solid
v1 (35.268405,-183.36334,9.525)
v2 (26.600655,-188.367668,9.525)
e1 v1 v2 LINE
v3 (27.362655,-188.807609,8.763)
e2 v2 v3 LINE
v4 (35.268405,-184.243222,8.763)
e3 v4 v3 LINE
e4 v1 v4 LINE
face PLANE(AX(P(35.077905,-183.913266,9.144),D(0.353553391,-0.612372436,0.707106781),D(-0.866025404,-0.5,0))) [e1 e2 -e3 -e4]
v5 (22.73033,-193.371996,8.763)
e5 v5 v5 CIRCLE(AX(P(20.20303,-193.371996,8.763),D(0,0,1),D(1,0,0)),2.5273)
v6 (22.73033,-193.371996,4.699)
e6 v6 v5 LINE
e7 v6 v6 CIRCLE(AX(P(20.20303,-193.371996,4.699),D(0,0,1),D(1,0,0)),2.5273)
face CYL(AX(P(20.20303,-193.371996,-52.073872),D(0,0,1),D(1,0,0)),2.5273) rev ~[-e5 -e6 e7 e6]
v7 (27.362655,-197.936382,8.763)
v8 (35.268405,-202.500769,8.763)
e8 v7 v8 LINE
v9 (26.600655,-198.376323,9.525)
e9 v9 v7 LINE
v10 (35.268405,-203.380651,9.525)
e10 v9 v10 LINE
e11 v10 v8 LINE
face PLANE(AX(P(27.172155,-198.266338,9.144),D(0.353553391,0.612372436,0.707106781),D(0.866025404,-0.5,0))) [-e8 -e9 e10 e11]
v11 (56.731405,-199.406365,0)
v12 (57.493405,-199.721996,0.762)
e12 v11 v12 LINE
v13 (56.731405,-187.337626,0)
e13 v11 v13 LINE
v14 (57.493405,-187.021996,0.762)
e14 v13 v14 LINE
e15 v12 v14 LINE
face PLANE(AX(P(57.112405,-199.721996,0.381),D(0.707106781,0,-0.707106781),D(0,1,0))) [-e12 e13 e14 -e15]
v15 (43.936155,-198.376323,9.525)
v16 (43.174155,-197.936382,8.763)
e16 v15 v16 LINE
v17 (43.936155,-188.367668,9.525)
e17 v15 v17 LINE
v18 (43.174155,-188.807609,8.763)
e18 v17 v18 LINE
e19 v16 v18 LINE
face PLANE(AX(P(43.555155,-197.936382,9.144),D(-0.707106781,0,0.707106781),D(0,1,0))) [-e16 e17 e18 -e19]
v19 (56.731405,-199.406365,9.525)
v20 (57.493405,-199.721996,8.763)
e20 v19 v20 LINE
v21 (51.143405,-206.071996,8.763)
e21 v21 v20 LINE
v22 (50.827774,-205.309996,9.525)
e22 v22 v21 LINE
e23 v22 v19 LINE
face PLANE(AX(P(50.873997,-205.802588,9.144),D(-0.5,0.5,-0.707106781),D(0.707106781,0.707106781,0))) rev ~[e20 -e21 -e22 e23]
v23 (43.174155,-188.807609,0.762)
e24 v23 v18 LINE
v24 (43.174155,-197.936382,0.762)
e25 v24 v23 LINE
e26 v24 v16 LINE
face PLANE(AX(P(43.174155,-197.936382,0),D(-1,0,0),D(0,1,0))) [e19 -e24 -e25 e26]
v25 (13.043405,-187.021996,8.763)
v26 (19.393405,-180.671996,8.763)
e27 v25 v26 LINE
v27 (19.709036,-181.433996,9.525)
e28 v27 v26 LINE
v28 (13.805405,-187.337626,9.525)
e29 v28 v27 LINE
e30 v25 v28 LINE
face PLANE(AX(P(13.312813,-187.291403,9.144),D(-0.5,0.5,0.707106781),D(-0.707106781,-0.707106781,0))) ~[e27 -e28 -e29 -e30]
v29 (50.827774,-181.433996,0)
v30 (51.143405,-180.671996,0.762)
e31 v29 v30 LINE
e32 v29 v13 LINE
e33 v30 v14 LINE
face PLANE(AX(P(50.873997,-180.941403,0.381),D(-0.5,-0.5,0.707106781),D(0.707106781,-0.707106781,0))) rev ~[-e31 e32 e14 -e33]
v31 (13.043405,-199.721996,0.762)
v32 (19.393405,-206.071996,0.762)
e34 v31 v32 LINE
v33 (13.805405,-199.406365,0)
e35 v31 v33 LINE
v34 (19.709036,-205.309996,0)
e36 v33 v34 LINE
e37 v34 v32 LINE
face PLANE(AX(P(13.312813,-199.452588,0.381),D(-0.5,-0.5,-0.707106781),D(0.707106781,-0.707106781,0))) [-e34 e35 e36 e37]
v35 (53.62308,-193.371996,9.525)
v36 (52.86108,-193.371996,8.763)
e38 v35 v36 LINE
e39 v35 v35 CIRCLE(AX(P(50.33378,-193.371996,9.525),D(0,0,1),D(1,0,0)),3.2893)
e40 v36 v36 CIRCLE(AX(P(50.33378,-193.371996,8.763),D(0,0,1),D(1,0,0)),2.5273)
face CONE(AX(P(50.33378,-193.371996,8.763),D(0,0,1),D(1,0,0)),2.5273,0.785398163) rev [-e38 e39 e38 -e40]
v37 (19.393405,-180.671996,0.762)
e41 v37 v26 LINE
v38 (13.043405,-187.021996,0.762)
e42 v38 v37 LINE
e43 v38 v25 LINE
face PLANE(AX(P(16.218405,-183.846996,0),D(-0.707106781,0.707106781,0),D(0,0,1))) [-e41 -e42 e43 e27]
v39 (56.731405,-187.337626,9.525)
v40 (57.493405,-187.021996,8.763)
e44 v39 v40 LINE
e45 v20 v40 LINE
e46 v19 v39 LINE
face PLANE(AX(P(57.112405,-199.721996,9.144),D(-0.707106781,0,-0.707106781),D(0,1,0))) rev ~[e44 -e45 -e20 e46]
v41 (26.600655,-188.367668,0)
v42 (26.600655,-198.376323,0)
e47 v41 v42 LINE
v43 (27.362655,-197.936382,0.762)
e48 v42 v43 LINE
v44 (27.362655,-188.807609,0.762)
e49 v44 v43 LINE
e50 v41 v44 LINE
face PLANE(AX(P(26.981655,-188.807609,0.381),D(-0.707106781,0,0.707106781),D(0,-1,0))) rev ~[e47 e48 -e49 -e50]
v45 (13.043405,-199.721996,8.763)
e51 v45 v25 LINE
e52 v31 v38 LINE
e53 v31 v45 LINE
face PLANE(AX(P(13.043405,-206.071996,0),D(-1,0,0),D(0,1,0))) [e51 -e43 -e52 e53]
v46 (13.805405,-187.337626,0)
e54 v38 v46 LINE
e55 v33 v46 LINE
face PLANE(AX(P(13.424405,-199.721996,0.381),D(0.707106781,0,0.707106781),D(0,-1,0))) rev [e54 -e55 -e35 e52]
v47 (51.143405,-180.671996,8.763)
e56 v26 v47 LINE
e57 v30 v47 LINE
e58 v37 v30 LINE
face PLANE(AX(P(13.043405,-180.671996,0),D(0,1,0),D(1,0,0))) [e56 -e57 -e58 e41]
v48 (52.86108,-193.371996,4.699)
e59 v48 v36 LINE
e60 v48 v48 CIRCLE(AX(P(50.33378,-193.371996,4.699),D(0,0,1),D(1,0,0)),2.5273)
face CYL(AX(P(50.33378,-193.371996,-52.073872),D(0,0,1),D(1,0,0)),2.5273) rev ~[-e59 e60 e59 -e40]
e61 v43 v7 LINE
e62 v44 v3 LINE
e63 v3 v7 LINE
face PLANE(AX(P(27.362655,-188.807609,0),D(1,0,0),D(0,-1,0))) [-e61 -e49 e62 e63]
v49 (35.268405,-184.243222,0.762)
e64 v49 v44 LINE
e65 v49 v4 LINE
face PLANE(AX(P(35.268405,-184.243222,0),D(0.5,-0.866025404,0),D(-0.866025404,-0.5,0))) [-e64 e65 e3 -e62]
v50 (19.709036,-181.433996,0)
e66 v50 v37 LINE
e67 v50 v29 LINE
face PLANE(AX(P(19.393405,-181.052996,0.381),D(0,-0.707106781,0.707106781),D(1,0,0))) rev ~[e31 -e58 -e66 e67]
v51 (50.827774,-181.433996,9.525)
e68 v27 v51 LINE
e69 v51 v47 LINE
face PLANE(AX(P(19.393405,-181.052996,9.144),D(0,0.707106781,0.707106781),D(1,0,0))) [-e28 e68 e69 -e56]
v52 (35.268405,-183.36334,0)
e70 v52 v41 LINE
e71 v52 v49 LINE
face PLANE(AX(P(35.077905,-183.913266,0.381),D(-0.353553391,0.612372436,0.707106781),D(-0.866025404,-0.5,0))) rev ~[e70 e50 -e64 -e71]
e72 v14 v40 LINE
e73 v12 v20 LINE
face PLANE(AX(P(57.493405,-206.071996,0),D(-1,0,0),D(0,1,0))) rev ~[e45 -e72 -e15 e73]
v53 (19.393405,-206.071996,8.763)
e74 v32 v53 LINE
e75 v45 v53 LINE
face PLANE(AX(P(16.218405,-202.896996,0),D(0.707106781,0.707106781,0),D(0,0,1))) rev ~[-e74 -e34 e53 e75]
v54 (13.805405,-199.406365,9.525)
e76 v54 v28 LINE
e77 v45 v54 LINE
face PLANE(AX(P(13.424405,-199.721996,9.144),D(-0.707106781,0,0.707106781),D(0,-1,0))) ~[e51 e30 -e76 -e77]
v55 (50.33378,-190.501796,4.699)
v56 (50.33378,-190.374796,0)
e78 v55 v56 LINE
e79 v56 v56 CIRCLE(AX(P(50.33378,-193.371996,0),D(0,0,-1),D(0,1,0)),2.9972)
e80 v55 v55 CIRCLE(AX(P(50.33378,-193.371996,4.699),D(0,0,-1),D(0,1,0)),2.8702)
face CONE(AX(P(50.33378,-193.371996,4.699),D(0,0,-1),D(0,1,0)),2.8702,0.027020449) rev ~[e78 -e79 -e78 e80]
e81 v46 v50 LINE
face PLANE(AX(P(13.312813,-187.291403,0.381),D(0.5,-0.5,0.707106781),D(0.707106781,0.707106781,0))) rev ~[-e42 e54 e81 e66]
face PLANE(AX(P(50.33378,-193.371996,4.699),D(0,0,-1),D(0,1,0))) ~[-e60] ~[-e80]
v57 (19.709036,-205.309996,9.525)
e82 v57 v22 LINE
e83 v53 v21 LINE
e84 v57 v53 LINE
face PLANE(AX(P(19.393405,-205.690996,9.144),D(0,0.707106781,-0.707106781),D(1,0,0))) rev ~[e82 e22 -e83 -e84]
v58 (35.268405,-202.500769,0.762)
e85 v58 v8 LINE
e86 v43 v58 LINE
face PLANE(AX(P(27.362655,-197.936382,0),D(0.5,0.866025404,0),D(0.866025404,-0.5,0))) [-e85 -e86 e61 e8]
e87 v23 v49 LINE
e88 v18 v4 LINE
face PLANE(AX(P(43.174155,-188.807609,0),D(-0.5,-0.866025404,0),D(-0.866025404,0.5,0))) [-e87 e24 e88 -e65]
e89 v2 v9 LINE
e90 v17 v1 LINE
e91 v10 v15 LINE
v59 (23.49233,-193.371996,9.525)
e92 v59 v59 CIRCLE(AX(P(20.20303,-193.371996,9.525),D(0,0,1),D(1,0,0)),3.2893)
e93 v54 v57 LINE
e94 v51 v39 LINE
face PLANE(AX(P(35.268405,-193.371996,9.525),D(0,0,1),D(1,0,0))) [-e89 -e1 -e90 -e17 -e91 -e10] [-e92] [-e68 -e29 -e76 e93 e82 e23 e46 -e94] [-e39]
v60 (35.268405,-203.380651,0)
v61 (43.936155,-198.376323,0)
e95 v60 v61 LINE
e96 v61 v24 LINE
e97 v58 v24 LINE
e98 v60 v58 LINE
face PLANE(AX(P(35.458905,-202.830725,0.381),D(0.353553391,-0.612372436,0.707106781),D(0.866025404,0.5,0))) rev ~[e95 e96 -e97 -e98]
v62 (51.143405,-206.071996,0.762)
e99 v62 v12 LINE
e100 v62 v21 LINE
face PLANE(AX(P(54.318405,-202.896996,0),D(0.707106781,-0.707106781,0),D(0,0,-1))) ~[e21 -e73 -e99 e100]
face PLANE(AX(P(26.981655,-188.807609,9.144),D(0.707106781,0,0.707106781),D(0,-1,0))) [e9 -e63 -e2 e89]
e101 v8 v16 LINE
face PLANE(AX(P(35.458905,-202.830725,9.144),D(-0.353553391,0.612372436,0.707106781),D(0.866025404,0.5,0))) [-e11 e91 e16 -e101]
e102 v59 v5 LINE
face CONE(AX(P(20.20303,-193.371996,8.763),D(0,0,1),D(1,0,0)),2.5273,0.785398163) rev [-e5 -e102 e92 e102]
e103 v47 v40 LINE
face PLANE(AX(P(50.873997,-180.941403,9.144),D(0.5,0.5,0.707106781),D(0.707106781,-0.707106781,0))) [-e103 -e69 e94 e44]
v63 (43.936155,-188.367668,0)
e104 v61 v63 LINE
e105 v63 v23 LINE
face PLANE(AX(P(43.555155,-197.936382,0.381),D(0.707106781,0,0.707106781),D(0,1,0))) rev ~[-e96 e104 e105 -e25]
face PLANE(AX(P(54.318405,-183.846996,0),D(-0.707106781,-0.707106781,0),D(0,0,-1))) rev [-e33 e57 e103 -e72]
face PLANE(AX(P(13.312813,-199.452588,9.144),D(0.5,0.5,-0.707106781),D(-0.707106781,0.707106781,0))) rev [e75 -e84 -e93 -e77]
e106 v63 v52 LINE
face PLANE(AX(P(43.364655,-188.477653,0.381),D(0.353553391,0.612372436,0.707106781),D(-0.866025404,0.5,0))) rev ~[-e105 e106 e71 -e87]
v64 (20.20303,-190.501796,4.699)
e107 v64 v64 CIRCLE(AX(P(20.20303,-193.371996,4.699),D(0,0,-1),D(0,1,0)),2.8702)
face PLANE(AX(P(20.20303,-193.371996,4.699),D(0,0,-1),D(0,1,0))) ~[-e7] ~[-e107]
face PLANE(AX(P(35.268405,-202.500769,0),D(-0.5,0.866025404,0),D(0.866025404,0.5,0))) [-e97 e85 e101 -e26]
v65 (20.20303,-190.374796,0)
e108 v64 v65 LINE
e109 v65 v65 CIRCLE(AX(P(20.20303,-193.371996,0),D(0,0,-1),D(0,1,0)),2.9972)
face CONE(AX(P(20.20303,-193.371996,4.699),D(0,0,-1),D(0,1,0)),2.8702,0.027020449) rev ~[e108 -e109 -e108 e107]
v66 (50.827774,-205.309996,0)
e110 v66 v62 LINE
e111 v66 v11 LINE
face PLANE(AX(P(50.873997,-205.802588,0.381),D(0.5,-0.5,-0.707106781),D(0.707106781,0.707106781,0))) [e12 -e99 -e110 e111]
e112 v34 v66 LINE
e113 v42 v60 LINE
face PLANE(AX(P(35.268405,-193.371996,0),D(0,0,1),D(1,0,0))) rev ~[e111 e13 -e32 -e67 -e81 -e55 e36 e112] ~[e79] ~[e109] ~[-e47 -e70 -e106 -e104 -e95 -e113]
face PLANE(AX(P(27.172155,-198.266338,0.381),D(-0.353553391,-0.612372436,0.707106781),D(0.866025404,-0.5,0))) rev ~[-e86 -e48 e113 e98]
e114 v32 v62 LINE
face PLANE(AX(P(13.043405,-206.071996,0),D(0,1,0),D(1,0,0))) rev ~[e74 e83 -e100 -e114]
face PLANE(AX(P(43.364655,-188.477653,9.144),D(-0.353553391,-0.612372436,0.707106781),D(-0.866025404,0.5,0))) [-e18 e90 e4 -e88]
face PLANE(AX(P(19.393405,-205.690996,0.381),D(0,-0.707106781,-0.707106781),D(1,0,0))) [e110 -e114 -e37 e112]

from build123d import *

# Parameters (mm, degrees)
SKETCH1_W                  = 44.45
SKETCH1_H                  = 25.4
BOSS_EXTRUDE1_DEPTH        = 9.525
CHAMFER1_SIZE              = 6.35
HOLE1_AT_2_COUNT           = 2
HOLE1_AT_2_PITCH           = 30.13075
F_8_0_199_DIAMETER_HOLE1_D = 5.0546
CHAMFER2_SIZE              = 0.762


with BuildPart() as part:
    # Sketch1 → Boss-Extrude1 (new body)
    with BuildSketch(Plane.XY):
        with Locations((35.268404938, -193.371995598)):
            Rectangle(SKETCH1_W, SKETCH1_H)
        Polygon((43.174154938, -197.936382488), (43.174154938, -188.807608707), (35.268404938, -184.243221816), (27.362654938, -188.807608707), (27.362654938, -197.936382488), (35.268404938, -202.500769379), align=None, mode=Mode.SUBTRACT)
    extrude(amount=BOSS_EXTRUDE1_DEPTH)

    # Chamfer1
    chamfer1_edges = [part.edges().sort_by_distance(p)[0] for p in [
        (13.043404938, -180.671995598, 4.7625),
        (57.493404938, -180.671995598, 4.7625),
        (57.493404938, -206.071995598, 4.7625),
        (13.043404938, -206.071995598, 4.7625),
    ]]
    chamfer(chamfer1_edges, length=CHAMFER1_SIZE)

    # Sketch3 → Hole1 (revolve, cut)
    with BuildSketch(Plane(origin=(20.203029938, -193.371995598, 0), x_dir=(0, 1, 0), z_dir=(1, 0, 0))):
        Polygon((0, 0), (0, 4.699), (2.8702, 4.699), (2.9972, 0), align=None)
    hole1 = revolve(axis=Axis((20.203029938, -193.371995598, 110), (0, 0, -1)), mode=Mode.SUBTRACT)

    # Hole1 at 2: Hole1 ×2
    with Locations(*[(i * HOLE1_AT_2_PITCH, 0, 0) for i in range(1, HOLE1_AT_2_COUNT)]):
        add(hole1, mode=Mode.SUBTRACT)

    # #8 (0.199) Diameter Hole1 (through all)
    with Locations(Plane(origin=(0, 0, 0), x_dir=(-1, 0, 0), z_dir=(0, 0, -1))):
        with Locations((-50.333779938, -193.371995598), (-20.203029938, -193.371995598)):
            Hole(F_8_0_199_DIAMETER_HOLE1_D / 2)

    # Chamfer2
    chamfer2_edges = [part.edges().sort_by_distance(p)[0] for p in [
        (39.221279938, -200.218575934, 0),
        (43.174154938, -193.371995598, 0),
        (39.221279938, -186.525415262, 0),
        (31.315529938, -186.525415262, 0),
        (27.362654938, -193.371995598, 0),
        (31.315529938, -200.218575934, 0),
        (39.221279938, -200.218575934, 9.525),
        (43.174154938, -193.371995598, 9.525),
        (39.221279938, -186.525415262, 9.525),
        (31.315529938, -186.525415262, 9.525),
        (27.362654938, -193.371995598, 9.525),
        (31.315529938, -200.218575934, 9.525),
        (35.268404938, -180.671995598, 0),
        (35.268404938, -180.671995598, 9.525),
        (13.043404938, -193.371995598, 0),
        (57.493404938, -193.371995598, 0),
        (35.268404938, -206.071995598, 0),
        (16.218404938, -183.846995598, 0),
        (16.218404938, -202.896995598, 0),
        (54.318404938, -202.896995598, 0),
        (54.318404938, -183.846995598, 0),
        (57.493404938, -193.371995598, 9.525),
        (13.043404938, -193.371995598, 9.525),
        (35.268404938, -206.071995598, 9.525),
        (16.218404938, -183.846995598, 9.525),
        (16.218404938, -202.896995598, 9.525),
        (54.318404938, -202.896995598, 9.525),
        (54.318404938, -183.846995598, 9.525),
        (17.675729938, -193.371995598, 9.525),
        (47.806479938, -193.371995598, 9.525),
    ]]
    chamfer(chamfer2_edges, length=CHAMFER2_SIZE)


solid = part.part
